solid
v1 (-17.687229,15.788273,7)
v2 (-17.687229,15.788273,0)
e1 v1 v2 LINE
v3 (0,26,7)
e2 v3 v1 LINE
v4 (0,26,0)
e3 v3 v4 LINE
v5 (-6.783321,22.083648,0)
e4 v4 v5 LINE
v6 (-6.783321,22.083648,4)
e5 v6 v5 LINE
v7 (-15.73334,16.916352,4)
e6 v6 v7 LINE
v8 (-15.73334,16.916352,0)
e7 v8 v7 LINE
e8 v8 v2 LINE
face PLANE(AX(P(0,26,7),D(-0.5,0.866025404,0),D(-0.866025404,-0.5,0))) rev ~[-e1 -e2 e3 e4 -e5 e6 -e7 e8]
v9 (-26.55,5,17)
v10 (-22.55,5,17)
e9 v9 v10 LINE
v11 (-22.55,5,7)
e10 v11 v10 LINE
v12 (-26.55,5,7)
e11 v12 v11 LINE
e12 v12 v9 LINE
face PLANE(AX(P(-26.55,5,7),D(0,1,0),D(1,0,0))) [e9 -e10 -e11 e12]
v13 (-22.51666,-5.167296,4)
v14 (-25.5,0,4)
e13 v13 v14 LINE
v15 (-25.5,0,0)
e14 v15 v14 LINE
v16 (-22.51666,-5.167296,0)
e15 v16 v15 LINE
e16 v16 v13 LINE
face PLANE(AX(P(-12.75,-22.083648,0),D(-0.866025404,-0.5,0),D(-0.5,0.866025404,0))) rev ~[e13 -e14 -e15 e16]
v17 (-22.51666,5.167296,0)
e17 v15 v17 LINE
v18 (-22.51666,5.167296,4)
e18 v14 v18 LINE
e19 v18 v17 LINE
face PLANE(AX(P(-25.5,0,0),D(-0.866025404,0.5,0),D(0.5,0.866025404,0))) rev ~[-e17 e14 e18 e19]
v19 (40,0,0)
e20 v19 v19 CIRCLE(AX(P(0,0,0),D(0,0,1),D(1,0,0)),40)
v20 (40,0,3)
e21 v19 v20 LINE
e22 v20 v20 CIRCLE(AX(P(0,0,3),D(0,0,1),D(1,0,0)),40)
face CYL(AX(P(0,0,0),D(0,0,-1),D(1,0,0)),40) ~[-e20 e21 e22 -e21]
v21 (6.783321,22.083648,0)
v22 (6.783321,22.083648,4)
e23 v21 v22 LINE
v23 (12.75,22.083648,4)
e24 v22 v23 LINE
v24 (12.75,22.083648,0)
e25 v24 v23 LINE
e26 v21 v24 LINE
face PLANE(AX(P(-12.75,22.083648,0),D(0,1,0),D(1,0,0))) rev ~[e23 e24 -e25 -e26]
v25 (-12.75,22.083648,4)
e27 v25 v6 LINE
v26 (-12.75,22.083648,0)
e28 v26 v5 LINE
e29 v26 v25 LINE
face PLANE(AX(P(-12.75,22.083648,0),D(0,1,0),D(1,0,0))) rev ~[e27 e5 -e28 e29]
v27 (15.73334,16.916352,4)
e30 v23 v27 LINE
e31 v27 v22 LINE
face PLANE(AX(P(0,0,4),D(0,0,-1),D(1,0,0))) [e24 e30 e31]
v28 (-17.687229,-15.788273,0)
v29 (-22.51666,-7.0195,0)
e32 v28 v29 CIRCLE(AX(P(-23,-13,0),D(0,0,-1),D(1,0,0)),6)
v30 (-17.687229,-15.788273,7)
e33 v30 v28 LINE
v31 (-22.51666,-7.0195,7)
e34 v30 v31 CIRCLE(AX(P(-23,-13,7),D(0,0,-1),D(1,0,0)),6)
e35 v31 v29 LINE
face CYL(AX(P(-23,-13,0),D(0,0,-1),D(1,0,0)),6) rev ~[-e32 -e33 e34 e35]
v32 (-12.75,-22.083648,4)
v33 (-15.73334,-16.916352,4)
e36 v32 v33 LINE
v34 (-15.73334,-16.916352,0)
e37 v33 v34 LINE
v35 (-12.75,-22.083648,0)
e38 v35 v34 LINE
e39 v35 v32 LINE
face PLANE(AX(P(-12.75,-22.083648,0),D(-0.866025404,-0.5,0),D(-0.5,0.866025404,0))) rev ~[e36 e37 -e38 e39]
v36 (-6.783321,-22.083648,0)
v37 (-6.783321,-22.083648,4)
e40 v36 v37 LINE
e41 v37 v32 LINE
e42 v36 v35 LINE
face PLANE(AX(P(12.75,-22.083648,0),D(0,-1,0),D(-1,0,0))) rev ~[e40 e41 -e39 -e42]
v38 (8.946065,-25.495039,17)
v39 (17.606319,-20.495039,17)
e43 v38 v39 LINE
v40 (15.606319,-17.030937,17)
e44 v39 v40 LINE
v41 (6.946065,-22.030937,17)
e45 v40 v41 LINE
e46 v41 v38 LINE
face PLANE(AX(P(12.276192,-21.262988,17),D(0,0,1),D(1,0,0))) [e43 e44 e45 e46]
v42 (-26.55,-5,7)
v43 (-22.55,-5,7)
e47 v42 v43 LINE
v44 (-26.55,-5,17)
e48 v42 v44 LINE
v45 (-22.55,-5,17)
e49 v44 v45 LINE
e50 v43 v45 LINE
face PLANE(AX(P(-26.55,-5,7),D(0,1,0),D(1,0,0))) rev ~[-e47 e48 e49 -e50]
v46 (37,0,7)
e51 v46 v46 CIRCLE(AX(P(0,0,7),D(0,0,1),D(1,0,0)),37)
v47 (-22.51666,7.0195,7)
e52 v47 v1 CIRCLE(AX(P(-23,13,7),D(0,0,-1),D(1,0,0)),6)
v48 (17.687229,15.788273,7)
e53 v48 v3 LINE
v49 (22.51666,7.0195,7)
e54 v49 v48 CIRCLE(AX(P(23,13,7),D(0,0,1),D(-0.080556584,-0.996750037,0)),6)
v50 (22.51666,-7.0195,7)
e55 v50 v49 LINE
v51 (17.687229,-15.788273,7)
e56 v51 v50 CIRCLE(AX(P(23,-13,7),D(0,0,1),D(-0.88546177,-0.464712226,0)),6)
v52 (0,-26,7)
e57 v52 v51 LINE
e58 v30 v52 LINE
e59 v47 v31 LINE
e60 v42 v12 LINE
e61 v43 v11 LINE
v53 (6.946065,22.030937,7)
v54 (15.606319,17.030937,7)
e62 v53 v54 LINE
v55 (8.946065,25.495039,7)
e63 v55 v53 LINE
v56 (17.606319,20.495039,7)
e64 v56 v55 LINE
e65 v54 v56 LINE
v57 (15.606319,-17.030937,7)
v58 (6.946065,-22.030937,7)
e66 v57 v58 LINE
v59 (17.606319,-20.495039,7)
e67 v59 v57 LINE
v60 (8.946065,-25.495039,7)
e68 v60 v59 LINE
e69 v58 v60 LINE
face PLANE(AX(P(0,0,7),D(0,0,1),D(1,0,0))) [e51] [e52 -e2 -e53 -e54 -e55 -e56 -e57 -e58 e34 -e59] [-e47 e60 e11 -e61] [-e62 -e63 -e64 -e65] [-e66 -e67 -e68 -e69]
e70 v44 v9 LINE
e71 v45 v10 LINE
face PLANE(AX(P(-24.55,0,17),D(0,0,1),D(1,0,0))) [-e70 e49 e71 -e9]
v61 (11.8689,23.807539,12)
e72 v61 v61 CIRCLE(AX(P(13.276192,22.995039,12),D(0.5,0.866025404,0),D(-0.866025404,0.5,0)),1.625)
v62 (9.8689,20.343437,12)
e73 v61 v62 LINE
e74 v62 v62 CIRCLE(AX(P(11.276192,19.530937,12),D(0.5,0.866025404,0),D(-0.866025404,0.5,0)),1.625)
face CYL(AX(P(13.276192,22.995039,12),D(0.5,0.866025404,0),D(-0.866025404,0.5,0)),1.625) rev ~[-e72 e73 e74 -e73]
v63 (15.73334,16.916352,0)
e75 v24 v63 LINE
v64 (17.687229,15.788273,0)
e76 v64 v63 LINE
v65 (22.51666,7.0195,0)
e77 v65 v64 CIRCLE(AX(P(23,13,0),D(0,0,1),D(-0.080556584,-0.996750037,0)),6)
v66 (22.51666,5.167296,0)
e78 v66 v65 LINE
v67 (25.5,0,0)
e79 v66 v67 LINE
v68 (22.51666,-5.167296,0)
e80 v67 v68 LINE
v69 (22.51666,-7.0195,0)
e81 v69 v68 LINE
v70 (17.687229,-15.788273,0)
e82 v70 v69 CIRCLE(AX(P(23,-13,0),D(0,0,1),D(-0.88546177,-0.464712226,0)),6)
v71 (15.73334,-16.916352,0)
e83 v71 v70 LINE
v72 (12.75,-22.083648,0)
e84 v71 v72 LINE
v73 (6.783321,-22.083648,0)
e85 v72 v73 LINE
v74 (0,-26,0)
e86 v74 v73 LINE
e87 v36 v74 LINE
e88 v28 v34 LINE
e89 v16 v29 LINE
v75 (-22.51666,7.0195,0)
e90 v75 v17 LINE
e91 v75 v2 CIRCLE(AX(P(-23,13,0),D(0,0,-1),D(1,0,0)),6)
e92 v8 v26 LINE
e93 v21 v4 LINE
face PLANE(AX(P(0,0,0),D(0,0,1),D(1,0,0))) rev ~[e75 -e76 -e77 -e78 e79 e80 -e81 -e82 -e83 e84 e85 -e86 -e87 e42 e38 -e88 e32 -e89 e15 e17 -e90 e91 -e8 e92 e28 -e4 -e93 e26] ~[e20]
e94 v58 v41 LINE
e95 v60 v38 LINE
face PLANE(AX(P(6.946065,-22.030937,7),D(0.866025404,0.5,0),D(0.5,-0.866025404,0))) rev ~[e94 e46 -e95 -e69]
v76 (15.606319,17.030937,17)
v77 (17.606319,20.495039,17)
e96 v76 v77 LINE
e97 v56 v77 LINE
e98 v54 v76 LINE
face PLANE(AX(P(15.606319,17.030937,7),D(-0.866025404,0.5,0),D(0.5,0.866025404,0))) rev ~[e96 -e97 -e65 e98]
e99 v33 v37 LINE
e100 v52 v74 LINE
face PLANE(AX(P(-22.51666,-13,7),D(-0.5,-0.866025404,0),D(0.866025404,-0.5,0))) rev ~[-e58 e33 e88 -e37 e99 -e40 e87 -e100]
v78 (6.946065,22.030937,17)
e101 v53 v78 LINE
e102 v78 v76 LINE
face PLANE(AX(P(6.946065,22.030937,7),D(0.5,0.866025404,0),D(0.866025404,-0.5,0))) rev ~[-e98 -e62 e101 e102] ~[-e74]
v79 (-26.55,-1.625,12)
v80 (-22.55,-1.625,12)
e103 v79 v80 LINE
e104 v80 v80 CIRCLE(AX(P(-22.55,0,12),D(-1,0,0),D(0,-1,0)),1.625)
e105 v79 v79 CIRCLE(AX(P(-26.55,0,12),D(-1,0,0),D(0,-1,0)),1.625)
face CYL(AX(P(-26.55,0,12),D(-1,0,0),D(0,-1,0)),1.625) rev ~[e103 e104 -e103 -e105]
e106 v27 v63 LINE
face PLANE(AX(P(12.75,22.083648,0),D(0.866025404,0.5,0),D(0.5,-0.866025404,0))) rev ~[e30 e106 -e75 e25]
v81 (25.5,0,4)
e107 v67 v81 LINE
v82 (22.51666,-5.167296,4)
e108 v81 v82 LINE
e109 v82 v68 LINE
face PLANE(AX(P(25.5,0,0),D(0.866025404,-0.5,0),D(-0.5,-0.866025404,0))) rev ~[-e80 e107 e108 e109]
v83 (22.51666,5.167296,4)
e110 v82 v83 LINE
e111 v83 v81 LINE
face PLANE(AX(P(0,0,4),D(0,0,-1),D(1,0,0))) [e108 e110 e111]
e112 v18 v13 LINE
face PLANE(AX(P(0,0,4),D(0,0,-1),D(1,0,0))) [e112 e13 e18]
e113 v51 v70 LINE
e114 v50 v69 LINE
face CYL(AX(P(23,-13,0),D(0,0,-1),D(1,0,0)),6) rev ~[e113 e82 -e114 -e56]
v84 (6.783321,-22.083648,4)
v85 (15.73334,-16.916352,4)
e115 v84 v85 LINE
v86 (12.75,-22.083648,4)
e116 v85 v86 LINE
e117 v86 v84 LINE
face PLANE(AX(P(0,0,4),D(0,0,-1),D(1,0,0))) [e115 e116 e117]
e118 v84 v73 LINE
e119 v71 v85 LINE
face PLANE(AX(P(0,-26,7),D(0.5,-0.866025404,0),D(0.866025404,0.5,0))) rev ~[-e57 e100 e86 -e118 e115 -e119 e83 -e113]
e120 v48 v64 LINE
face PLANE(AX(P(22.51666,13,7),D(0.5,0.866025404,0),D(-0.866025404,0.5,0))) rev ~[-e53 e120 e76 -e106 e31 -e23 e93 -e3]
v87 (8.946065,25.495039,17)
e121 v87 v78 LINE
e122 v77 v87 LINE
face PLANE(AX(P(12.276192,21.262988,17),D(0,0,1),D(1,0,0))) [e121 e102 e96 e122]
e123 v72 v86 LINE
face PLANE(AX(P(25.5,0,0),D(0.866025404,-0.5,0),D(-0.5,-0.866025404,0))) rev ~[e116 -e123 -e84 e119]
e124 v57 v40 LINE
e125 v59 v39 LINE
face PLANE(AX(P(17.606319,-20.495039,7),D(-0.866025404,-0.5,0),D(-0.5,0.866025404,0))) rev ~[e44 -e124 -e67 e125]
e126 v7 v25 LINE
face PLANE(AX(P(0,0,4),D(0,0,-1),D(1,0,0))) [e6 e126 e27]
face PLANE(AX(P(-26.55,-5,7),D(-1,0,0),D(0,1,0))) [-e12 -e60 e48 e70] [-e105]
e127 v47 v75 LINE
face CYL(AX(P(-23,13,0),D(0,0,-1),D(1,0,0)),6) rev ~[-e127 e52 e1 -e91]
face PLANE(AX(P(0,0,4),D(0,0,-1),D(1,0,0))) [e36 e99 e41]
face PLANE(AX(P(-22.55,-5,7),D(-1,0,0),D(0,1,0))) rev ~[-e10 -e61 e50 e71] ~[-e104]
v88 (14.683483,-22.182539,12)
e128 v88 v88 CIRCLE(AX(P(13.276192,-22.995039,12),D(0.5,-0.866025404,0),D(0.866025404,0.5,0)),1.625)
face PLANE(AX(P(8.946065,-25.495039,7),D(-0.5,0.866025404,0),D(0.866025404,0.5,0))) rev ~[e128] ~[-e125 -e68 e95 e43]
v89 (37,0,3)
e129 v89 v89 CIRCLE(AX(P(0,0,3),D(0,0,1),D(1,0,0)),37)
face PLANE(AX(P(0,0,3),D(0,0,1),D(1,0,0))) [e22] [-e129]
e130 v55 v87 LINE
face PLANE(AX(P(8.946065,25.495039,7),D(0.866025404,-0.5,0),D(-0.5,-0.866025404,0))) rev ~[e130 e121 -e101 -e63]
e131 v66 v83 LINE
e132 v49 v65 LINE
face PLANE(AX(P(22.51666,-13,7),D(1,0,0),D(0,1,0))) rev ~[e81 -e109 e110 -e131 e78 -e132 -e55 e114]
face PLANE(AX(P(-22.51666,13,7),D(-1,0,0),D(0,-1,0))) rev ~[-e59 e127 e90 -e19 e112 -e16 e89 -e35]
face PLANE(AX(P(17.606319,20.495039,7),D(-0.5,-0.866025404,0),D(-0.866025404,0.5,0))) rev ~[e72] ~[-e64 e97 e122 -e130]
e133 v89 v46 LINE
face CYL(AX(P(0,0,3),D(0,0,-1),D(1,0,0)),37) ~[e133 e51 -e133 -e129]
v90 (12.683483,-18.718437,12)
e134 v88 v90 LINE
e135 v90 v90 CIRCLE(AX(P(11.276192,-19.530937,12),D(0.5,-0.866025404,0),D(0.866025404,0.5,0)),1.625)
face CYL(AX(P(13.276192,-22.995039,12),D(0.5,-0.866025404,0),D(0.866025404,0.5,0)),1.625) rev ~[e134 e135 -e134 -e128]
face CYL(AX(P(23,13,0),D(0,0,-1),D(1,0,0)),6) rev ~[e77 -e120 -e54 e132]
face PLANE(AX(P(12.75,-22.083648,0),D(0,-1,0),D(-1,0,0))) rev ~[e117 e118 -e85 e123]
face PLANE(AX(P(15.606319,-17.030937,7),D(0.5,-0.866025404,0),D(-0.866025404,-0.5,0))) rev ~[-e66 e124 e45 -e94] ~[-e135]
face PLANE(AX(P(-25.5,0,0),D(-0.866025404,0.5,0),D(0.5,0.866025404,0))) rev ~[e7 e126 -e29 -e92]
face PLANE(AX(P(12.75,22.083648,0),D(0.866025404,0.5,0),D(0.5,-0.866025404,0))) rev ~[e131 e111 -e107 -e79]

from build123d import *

# Parameters (mm, degrees)
SKETCH_R        = 40
PAD_DEPTH       = 3
SKETCH001_R     = 37
PAD001_DEPTH    = 4
POCKET_DEPTH    = 7.001
POCKET001_DEPTH = 4
SKETCH007_R     = 6
POCKET002_DEPTH = 7.001
SKETCH008_W     = 4
SKETCH008_H     = 10
PAD002_DEPTH    = 10
SKETCH009_R     = 1.625
POCKET003_DEPTH = 5
SKETCH010_R     = 1.625
POCKET004_DEPTH = 5
SKETCH011_R     = 1.625
POCKET005_DEPTH = 5


with BuildPart() as part:
    # Sketch → Pad (new body)
    with BuildSketch(Plane.XY):
        Circle(SKETCH_R)
    extrude(amount=PAD_DEPTH)

    # Sketch001 (on Face3 of Pad) → Pad001 (join)
    with BuildSketch(Plane.XY.offset(3)):
        Circle(SKETCH001_R)
    extrude(amount=PAD001_DEPTH)

    # Sketch002 (on Face5 of Pad001) → Pocket (cut, through all)
    with BuildSketch(Plane.XY.offset(7)):
        Polygon((22.5166604984, 13), (0, 26), (-22.5166604984, 13), (-22.5166604984, -13), (0, -26), (22.5166604984, -13), align=None)
    extrude(amount=-POCKET_DEPTH, mode=Mode.SUBTRACT)

    # Sketch006 (on Face2 of Pocket) → Pocket001 (cut)
    with BuildSketch(Plane(origin=(0, 0, 0), x_dir=(1, 0, 0), z_dir=(0, 0, -1))):
        Polygon((-12.75, 22.0836477965), (-25.5, 0), (-12.75, -22.0836477965), (12.75, -22.0836477965), (25.5, 0), (12.75, 22.0836477965), align=None)
    extrude(amount=-POCKET001_DEPTH, mode=Mode.SUBTRACT)

    # Sketch007 (on Face2 of Pocket001) → Pocket002 (cut, through all)
    with BuildSketch(Plane(origin=(0, 0, 0), x_dir=(1, 0, 0), z_dir=(0, 0, -1))):
        with Locations((23, 13)):
            Circle(SKETCH007_R)
        with Locations((23, -13)):
            Circle(SKETCH007_R)
        with Locations((-23, -13)):
            Circle(SKETCH007_R)
        with Locations((-23, 13)):
            Circle(SKETCH007_R)
    extrude(amount=-POCKET002_DEPTH, mode=Mode.SUBTRACT)

    # Sketch008 (on Face29 of Pocket002) → Pad002 (join)
    with BuildSketch(Plane.XY.offset(7)):
        with Locations((-24.55, 0)):
            Rectangle(SKETCH008_W, SKETCH008_H)
        Polygon((6.9460647141, 22.0309369975), (15.6063187519, 17.0309369975), (17.6063187519, 20.4950386126), (8.9460647141, 25.4950386126), align=None)
        Polygon((15.6063187519, -17.0309369975), (6.9460647141, -22.0309369975), (8.9460647141, -25.4950386126), (17.6063187519, -20.4950386126), align=None)
    extrude(amount=PAD002_DEPTH)

    # Sketch009 (on Face46 of Pad002) → Pocket003 (cut)
    with BuildSketch(Plane(origin=(13.276191733, 22.9950386126, 0), x_dir=(-0.8660254038, 0.5, 0), z_dir=(0.5, 0.8660254038, 0))):
        with Locations((0, 12)):
            Circle(SKETCH009_R)
    extrude(amount=-POCKET003_DEPTH, mode=Mode.SUBTRACT)

    # Sketch010 (on Face40 of Pocket003) → Pocket004 (cut)
    with BuildSketch(Plane(origin=(-26.55, 0, 0), x_dir=(0, -1, 0), z_dir=(-1, 0, 0))):
        with Locations((0, 12)):
            Circle(SKETCH010_R)
    extrude(amount=-POCKET004_DEPTH, mode=Mode.SUBTRACT)

    # Sketch011 (on Face38 of Pocket004) → Pocket005 (cut)
    with BuildSketch(Plane(origin=(13.276191733, -22.9950386126, 0), x_dir=(0.8660254038, 0.5, 0), z_dir=(0.5, -0.8660254038, 0))):
        with Locations((0, 12)):
            Circle(SKETCH011_R)
    extrude(amount=-POCKET005_DEPTH, mode=Mode.SUBTRACT)


solid = part.part
